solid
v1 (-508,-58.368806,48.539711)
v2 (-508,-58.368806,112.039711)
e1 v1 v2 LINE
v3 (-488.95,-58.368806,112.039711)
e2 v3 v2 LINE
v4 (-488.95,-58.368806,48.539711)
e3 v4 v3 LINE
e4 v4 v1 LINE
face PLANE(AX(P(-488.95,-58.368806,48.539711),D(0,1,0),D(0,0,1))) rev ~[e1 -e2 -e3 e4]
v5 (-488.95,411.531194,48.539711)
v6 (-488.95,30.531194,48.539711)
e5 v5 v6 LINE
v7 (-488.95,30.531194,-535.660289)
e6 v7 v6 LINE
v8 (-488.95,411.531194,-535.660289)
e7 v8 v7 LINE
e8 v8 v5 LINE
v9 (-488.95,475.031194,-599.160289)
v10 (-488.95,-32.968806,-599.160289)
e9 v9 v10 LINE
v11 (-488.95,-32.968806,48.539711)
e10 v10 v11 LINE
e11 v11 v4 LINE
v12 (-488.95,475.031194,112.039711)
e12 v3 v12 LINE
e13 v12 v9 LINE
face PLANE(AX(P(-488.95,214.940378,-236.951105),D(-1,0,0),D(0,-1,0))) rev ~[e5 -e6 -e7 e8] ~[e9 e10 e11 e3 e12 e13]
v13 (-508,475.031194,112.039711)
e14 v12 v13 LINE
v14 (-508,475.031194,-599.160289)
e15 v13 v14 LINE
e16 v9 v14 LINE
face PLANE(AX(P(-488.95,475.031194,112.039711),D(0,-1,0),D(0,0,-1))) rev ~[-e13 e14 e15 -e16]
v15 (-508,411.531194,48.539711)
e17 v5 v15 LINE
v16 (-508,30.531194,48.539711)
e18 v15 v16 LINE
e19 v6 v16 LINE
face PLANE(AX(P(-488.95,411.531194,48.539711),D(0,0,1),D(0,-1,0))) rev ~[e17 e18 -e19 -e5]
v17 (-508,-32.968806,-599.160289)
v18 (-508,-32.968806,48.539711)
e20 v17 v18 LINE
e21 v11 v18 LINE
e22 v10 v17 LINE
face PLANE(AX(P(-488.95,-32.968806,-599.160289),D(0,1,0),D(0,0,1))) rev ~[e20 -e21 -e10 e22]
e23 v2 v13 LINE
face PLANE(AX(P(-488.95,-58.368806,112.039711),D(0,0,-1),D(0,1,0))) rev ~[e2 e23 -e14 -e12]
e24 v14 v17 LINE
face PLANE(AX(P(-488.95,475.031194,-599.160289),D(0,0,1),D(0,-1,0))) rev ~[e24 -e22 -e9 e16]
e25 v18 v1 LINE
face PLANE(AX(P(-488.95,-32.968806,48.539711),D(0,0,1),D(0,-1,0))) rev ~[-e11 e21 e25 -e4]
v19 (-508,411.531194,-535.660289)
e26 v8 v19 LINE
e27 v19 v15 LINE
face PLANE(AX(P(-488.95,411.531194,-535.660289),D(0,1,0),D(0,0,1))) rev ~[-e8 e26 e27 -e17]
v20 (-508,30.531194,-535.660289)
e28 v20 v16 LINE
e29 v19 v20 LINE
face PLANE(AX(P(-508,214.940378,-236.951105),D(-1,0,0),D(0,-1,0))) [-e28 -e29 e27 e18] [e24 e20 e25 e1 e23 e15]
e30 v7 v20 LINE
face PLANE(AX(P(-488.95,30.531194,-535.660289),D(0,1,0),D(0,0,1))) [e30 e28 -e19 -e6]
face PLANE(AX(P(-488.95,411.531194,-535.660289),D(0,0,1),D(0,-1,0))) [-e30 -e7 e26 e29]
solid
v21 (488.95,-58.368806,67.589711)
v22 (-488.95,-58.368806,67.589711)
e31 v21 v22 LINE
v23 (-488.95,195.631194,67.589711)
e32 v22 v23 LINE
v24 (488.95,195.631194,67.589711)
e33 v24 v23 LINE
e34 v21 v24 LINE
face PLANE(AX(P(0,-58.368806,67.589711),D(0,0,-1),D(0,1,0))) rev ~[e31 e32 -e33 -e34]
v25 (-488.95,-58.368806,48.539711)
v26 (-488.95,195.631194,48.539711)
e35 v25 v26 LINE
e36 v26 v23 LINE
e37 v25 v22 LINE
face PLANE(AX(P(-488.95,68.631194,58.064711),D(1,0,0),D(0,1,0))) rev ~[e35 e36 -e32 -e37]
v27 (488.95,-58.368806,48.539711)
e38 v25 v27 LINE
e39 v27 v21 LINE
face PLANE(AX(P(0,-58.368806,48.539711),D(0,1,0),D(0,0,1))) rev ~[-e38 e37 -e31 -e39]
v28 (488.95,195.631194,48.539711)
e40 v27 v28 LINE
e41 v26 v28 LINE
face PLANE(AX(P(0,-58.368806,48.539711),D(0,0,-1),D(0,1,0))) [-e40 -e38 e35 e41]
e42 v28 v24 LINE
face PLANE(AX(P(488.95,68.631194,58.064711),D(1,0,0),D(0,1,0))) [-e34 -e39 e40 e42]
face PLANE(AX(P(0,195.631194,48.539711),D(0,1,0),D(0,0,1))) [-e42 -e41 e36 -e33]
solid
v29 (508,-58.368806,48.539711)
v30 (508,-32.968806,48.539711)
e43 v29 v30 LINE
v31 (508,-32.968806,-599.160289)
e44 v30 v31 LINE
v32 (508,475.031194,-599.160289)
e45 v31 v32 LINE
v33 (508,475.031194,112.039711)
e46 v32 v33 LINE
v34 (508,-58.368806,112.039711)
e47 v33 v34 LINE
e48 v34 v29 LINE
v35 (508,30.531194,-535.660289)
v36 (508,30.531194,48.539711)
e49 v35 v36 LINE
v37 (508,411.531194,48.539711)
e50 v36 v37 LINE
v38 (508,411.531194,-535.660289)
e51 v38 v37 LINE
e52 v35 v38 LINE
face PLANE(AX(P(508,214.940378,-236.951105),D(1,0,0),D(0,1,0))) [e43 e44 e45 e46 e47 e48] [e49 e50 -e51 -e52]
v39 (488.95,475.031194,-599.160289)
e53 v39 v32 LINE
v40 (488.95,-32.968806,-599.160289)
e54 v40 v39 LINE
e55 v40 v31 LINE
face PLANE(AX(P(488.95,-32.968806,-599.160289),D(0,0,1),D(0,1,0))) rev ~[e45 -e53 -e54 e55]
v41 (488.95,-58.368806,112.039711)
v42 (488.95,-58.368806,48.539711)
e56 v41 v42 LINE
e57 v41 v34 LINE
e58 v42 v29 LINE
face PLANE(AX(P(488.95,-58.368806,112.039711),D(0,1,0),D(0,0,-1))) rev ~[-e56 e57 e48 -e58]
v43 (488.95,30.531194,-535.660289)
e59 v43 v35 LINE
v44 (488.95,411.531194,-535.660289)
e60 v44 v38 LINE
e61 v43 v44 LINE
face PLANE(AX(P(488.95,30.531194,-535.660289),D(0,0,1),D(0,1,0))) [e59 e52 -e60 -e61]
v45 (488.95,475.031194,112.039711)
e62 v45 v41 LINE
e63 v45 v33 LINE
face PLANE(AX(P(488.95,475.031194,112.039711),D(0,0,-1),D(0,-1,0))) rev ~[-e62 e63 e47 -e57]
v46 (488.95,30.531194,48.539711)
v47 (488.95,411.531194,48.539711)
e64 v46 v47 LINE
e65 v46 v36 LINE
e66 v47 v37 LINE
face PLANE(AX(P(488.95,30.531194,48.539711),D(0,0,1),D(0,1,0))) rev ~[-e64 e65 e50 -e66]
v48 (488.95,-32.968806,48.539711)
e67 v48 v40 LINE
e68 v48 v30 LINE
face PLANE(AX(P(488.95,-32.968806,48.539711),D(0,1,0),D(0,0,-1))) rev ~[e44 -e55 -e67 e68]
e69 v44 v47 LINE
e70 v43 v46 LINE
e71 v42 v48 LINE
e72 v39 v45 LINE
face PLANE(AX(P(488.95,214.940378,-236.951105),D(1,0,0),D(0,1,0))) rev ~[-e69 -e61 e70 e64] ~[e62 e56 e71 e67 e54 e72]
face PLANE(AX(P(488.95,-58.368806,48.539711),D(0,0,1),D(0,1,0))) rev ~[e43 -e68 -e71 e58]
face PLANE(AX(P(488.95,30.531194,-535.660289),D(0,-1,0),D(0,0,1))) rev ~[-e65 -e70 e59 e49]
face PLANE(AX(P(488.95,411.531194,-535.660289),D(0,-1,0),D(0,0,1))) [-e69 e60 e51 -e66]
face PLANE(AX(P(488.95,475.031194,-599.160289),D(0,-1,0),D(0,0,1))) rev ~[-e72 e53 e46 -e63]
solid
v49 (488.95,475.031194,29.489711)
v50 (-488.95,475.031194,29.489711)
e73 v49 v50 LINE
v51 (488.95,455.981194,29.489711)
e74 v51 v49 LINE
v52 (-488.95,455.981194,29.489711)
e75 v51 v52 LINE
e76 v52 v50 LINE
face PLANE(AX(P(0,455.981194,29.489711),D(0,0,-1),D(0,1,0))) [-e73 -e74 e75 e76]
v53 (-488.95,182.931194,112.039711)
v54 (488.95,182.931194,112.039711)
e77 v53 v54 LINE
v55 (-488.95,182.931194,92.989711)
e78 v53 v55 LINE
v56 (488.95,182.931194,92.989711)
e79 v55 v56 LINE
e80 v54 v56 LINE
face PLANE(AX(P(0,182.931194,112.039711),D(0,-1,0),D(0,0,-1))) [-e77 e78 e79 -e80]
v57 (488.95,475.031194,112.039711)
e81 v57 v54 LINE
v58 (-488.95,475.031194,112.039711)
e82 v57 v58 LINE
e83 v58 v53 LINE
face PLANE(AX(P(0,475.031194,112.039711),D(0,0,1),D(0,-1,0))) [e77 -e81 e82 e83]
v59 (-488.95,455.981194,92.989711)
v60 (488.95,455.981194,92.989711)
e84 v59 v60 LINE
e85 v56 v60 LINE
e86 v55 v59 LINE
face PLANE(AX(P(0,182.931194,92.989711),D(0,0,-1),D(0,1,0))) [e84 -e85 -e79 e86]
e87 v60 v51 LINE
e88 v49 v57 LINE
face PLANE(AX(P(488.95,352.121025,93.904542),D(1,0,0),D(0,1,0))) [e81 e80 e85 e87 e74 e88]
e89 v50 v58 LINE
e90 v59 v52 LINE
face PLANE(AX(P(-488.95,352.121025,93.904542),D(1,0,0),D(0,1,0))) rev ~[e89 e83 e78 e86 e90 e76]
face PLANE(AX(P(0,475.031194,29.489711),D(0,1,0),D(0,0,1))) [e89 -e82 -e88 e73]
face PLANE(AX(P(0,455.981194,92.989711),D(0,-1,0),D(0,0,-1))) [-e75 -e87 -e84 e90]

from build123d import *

# Parameters (mm, degrees)
F0_W          = 254
F0_H          = 19.05
F1_DEPTH      = 488.95
F1_DEPTH_BACK = 488.95
F2_W          = 381
F2_H          = 584.2
F3_DEPTH      = 19.05
F4_W          = 381
F4_H          = 584.2
F5_DEPTH      = 19.05


with BuildPart() as f1:
    # F0 (on Right) → F1 (new body, two sides)
    with BuildSketch(Plane.YZ) as f1_sk:
        Polygon((475.031194, 112.039711), (182.931194, 112.039711), (182.931194, 92.989711), (455.981194, 92.989711), (455.981194, 29.489711), (475.031194, 29.489711), align=None)
        with Locations((68.631194, 58.064711)):
            Rectangle(F0_W, F0_H)
    extrude(amount=F1_DEPTH)
    extrude(f1_sk.sketch, amount=-F1_DEPTH_BACK)


with BuildPart() as f3:
    # F2 (on face) → F3 (new body)
    with BuildSketch(Plane.YZ.offset(488.95)):
        Polygon((475.031194, 112.039711), (-58.368806, 112.039711), (-58.368806, 48.539711), (-32.968806, 48.539711), (-32.968806, -599.160289), (475.031194, -599.160289), align=None)
        with Locations((221.031194, -243.560289)):
            Rectangle(F2_W, F2_H, mode=Mode.SUBTRACT)
    extrude(amount=F3_DEPTH)


with BuildPart() as f5:
    # F4 (on face) → F5 (new body)
    with BuildSketch(Plane(origin=(-488.95, 0, 0), x_dir=(0, -1, 0), z_dir=(-1, 0, 0))):
        Polygon((58.368806, 112.039711), (-475.031194, 112.039711), (-475.031194, -599.160289), (32.968806, -599.160289), (32.968806, 48.539711), (58.368806, 48.539711), align=None)
        with Locations((-221.031194, -243.560289)):
            Rectangle(F4_W, F4_H, mode=Mode.SUBTRACT)
    extrude(amount=F5_DEPTH)


solid = Compound([f1.part, f3.part, f5.part])
